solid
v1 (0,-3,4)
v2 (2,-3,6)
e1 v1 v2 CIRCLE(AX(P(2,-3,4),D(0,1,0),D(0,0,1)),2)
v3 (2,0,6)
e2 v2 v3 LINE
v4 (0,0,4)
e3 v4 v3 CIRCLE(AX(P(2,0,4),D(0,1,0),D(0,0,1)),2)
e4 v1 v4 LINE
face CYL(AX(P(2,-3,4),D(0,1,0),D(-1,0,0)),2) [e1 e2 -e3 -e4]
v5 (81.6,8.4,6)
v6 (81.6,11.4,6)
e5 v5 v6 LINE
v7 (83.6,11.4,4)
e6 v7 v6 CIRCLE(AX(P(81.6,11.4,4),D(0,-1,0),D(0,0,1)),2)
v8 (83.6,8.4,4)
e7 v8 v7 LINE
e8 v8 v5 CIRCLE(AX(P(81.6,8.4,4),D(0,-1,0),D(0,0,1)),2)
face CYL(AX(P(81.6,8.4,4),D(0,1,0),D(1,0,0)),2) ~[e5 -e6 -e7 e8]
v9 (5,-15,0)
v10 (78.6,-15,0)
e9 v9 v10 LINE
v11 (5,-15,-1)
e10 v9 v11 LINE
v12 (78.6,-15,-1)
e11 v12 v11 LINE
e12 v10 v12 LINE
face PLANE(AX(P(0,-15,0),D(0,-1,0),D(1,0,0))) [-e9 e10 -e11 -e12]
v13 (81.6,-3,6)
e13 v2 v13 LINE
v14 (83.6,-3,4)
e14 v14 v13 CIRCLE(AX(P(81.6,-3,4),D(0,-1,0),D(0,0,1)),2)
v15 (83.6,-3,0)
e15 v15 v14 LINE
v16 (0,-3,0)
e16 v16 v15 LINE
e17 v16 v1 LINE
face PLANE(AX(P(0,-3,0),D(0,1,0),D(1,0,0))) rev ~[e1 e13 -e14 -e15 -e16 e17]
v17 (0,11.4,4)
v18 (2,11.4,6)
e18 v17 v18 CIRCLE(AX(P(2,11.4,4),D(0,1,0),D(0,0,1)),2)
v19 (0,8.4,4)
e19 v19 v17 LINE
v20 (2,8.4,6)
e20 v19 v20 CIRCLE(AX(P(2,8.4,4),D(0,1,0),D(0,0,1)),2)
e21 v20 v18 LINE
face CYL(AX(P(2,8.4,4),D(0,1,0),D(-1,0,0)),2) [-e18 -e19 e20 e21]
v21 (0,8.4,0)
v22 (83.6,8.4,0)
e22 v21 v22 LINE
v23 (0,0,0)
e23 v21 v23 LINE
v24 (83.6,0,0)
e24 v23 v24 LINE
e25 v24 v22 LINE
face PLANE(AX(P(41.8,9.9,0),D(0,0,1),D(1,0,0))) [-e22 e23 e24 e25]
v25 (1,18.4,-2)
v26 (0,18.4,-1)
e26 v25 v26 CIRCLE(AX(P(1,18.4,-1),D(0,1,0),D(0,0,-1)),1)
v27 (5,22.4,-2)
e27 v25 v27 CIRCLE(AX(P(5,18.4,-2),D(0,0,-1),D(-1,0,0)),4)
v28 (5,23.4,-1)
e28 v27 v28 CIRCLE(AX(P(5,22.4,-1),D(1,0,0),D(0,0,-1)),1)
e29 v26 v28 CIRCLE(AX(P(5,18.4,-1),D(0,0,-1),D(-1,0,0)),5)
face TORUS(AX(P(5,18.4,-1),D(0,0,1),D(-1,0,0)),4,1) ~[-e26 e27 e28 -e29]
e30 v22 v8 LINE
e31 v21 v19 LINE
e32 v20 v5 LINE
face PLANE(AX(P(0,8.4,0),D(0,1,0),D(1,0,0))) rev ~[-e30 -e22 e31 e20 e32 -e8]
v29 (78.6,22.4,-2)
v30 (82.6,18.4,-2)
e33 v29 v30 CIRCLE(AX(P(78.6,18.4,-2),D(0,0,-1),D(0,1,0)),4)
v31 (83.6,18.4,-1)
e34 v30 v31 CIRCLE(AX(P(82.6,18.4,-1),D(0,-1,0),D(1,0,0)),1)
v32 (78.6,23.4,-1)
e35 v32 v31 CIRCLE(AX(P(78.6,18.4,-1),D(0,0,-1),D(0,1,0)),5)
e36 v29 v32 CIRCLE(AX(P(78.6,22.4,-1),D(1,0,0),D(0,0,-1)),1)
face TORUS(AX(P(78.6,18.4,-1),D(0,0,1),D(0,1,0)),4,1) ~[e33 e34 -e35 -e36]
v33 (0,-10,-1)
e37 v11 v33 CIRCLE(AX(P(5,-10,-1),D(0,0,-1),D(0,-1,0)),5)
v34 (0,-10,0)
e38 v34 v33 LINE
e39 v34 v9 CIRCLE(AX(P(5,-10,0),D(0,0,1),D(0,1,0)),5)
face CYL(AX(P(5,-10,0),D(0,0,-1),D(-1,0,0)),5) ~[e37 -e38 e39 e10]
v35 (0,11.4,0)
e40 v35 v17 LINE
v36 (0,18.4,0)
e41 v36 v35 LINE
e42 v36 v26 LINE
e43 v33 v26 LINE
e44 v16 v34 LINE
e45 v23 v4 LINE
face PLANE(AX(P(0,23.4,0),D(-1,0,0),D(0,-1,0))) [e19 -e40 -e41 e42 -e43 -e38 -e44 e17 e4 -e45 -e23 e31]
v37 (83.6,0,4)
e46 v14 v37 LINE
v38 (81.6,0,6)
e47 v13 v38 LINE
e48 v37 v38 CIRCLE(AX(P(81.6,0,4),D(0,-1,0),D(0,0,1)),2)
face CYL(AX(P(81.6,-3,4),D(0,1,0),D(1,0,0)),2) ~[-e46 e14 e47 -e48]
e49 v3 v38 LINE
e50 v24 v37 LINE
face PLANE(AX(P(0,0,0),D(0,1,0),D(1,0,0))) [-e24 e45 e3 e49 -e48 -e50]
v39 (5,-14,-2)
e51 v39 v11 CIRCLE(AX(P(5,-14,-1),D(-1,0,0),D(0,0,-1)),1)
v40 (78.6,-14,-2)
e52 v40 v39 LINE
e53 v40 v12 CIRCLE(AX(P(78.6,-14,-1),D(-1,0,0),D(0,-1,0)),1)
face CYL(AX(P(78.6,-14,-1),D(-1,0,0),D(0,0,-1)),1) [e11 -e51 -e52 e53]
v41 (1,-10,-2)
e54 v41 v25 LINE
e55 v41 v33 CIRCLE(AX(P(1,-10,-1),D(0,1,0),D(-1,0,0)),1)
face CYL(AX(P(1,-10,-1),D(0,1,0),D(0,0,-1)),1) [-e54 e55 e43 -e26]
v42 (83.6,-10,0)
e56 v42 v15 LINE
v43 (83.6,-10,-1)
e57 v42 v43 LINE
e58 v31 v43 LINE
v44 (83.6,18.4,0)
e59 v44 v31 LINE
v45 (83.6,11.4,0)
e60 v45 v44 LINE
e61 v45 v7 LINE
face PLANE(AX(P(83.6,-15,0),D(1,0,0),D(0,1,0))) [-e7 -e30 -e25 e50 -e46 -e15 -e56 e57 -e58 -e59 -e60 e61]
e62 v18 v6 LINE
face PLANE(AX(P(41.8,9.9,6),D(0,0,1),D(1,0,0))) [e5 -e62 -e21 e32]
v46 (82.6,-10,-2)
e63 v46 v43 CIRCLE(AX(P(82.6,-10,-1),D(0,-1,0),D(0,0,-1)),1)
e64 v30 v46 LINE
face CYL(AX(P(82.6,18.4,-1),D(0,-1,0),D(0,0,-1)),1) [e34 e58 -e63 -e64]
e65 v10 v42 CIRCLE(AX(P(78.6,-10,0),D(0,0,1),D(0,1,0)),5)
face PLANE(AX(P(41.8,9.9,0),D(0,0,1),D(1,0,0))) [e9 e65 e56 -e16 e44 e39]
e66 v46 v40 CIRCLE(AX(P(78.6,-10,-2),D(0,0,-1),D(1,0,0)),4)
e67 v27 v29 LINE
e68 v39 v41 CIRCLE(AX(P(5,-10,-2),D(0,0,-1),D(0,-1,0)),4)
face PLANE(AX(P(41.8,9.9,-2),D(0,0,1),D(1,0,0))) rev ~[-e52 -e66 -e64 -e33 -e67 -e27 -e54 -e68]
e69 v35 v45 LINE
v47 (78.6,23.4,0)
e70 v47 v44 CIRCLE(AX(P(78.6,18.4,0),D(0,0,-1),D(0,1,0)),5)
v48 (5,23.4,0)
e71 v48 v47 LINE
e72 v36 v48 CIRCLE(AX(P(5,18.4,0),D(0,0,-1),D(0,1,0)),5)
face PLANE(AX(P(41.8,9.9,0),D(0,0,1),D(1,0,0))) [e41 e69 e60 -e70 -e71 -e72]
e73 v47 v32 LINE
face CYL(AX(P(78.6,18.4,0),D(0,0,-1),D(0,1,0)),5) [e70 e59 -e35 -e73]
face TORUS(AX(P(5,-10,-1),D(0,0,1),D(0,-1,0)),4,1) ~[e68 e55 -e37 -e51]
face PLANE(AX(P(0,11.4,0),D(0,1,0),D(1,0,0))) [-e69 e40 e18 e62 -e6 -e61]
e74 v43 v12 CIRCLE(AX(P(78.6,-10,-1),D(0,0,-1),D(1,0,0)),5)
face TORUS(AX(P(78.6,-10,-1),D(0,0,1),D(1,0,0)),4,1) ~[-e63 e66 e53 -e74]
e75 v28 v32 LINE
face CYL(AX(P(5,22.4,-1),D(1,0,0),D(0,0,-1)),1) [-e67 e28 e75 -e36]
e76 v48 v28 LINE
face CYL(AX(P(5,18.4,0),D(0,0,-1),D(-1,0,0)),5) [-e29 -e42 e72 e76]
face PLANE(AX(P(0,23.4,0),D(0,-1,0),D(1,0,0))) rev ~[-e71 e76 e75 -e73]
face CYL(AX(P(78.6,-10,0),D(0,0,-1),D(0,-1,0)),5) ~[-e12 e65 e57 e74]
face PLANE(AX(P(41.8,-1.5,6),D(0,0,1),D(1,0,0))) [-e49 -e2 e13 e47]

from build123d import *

# Parameters (mm, degrees)
F0_W     = 83.6
F0_H     = 3
F0_H_2   = 8.4
F0_H_3   = 12
F1_DEPTH = 2
F2_DEPTH = 6
F3_R     = 2
F4_R     = 5
F5_R     = 1


with BuildPart() as f1:
    # F0 (on Top) → F1 (new body)
    with BuildSketch(Plane.XY):
        with Locations((41.8, 9.9)):
            Rectangle(F0_W, F0_H)
        with Locations((41.8, -1.5)):
            Rectangle(F0_W, F0_H)
        with Locations((41.8, 4.2)):
            Rectangle(F0_W, F0_H_2)
        with Locations((41.8, 17.4)):
            Rectangle(F0_W, F0_H_3)
        with Locations((41.8, -9)):
            Rectangle(F0_W, F0_H_3)
    extrude(amount=-F1_DEPTH)

    # F0 (on Top) → F2 (join)
    with BuildSketch(Plane.XY):
        with Locations((41.8, 9.9)):
            Rectangle(F0_W, F0_H)
        with Locations((41.8, -1.5)):
            Rectangle(F0_W, F0_H)
    extrude(amount=F2_DEPTH)

    # F3
    f3_edges = [f1.edges().sort_by_distance(p)[0] for p in [
        (0, 9.9, 6),
        (0, -1.5, 6),
        (83.6, 9.9, 6),
        (83.6, -1.5, 6),
    ]]
    fillet(f3_edges, radius=F3_R)

    # F4
    f4_edges = [f1.edges().sort_by_distance(p)[0] for p in [
        (83.6, -15, -1),
        (83.6, 23.4, -1),
        (0, 23.4, -1),
        (0, -15, -1),
    ]]
    fillet(f4_edges, radius=F4_R)

    # F5
    f5_edges = [f1.edges().sort_by_distance(p)[0] for p in [
        (41.8, 23.4, -2),
    ]]
    fillet(f5_edges, radius=F5_R)


solid = f1.part
